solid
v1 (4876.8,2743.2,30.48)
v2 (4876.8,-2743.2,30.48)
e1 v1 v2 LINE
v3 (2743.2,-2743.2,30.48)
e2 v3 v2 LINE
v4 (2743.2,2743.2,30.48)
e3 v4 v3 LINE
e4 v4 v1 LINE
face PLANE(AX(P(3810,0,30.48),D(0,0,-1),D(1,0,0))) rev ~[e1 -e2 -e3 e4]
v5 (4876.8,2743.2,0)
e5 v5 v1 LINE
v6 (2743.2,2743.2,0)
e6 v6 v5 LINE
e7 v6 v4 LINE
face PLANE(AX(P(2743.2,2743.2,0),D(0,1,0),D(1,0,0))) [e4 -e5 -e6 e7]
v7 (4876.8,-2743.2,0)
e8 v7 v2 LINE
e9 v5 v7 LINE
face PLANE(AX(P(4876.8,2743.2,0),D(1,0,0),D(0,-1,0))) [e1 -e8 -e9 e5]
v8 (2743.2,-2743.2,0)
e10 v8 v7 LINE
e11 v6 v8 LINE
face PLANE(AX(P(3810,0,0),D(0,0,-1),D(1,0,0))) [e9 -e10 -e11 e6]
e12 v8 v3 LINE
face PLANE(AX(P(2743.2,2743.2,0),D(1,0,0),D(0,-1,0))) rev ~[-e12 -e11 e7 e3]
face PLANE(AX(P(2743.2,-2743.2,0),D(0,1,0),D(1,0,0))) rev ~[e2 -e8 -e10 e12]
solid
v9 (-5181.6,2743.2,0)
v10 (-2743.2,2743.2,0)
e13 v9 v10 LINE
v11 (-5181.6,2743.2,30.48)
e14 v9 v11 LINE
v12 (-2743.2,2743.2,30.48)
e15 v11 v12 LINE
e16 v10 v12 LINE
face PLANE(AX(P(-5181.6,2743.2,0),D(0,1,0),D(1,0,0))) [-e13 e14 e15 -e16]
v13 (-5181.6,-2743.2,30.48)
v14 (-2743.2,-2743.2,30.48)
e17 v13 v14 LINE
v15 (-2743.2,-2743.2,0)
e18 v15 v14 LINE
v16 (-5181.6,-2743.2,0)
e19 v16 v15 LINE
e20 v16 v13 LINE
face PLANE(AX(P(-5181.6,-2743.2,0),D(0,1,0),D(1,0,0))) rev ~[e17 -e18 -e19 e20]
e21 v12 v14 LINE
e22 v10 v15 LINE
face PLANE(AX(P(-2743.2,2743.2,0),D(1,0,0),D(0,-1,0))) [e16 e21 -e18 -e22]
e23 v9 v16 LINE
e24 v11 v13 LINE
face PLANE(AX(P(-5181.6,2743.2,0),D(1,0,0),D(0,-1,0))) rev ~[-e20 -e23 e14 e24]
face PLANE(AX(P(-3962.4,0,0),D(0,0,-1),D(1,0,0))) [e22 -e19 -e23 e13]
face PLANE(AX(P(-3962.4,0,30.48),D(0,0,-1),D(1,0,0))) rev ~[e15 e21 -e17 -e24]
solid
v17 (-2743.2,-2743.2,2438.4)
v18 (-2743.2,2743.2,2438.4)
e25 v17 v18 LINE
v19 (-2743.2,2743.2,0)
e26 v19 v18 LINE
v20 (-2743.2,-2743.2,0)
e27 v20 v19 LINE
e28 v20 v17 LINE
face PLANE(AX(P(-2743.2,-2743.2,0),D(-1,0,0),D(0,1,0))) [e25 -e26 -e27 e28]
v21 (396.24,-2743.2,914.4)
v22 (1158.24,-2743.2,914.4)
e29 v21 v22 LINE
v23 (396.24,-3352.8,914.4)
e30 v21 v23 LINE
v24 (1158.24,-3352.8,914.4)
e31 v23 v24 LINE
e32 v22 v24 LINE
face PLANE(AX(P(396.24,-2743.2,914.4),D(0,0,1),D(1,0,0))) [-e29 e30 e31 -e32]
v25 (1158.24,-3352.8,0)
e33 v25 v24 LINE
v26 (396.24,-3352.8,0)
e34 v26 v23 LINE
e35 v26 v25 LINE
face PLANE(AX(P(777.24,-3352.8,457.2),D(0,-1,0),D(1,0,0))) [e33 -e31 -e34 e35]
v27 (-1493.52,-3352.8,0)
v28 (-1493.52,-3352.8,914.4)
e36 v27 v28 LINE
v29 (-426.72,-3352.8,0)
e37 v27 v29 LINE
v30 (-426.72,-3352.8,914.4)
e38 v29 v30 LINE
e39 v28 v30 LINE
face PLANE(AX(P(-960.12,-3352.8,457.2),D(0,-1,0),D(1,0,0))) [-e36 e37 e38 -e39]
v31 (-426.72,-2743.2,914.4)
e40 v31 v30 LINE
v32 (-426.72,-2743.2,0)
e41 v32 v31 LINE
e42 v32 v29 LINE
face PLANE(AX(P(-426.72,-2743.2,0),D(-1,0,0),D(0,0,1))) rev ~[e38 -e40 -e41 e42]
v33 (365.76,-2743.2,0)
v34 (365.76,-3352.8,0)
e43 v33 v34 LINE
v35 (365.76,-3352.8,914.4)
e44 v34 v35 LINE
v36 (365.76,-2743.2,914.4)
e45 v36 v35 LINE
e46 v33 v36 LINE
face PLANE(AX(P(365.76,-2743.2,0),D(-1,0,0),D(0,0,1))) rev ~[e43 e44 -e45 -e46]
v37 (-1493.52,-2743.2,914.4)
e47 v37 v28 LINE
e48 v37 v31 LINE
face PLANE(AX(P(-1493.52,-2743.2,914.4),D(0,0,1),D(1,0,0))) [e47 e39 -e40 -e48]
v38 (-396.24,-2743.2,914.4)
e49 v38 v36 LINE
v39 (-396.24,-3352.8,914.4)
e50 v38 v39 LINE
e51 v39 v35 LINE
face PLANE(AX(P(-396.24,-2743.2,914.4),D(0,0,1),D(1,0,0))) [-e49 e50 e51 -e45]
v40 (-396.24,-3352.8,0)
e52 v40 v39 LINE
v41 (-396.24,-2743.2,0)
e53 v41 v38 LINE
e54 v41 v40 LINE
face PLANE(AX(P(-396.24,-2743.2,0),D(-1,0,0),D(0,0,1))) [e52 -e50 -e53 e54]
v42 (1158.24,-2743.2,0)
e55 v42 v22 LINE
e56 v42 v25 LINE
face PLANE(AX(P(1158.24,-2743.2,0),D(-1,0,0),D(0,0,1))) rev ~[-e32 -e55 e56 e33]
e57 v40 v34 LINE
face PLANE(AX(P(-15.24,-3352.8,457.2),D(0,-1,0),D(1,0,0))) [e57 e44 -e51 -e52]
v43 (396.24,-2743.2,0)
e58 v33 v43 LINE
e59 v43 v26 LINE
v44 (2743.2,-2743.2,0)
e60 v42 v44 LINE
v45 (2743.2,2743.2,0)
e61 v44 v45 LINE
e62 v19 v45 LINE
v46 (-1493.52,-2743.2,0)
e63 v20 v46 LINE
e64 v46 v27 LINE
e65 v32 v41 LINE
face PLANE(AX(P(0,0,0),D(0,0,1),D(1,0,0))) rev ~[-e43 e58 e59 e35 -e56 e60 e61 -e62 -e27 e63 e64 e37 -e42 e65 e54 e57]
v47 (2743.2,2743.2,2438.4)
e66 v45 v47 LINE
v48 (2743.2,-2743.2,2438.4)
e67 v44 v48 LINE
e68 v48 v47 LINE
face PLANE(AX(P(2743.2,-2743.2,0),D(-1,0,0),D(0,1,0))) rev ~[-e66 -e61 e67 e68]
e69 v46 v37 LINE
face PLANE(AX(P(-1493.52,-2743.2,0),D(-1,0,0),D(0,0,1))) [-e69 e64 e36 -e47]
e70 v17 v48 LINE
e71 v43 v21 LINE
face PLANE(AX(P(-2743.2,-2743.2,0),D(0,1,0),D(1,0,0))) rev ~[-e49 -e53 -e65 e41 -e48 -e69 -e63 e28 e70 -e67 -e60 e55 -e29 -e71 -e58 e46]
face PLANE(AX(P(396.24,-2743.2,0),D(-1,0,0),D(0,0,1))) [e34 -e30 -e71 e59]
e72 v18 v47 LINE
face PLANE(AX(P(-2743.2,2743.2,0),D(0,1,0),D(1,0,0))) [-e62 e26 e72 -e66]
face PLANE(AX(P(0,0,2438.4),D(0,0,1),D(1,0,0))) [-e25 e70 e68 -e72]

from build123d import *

# Parameters (mm, degrees)
F0_W     = 5486.4
F0_H     = 5486.4
F1_DEPTH = 2438.4
F2_W     = 1066.8
F2_H     = 914.4
F2_W_2   = 762
F3_DEPTH = 609.6
F4_W     = 2438.4
F4_H     = 5486.4
F4_W_2   = 2133.6
F5_DEPTH = 30.48


with BuildPart() as f1:
    # F0 (on Top) → F1 (new body)
    with BuildSketch(Plane.XY):
        Rectangle(F0_W, F0_H)
    extrude(amount=F1_DEPTH)

    # F2 (on face) → F3 (join)
    with BuildSketch(Plane.XZ.offset(2743.2)):
        with Locations((-960.12, 457.2)):
            Rectangle(F2_W, F2_H)
        with Locations((-15.24, 457.2)):
            Rectangle(F2_W_2, F2_H)
        with Locations((777.24, 457.2)):
            Rectangle(F2_W_2, F2_H)
    extrude(amount=F3_DEPTH)


with BuildPart() as f5:
    # F4 (on face) → F5 (new body)
    with BuildSketch(Plane(origin=(0, 0, 0), x_dir=(1, 0, 0), z_dir=(0, 0, -1))):
        with Locations((-3962.4, 0)):
            Rectangle(F4_W, F4_H)
        with Locations((3810, 0)):
            Rectangle(F4_W_2, F4_H)
    extrude(amount=-F5_DEPTH)


solid = Compound([f1.part, f5.part])
